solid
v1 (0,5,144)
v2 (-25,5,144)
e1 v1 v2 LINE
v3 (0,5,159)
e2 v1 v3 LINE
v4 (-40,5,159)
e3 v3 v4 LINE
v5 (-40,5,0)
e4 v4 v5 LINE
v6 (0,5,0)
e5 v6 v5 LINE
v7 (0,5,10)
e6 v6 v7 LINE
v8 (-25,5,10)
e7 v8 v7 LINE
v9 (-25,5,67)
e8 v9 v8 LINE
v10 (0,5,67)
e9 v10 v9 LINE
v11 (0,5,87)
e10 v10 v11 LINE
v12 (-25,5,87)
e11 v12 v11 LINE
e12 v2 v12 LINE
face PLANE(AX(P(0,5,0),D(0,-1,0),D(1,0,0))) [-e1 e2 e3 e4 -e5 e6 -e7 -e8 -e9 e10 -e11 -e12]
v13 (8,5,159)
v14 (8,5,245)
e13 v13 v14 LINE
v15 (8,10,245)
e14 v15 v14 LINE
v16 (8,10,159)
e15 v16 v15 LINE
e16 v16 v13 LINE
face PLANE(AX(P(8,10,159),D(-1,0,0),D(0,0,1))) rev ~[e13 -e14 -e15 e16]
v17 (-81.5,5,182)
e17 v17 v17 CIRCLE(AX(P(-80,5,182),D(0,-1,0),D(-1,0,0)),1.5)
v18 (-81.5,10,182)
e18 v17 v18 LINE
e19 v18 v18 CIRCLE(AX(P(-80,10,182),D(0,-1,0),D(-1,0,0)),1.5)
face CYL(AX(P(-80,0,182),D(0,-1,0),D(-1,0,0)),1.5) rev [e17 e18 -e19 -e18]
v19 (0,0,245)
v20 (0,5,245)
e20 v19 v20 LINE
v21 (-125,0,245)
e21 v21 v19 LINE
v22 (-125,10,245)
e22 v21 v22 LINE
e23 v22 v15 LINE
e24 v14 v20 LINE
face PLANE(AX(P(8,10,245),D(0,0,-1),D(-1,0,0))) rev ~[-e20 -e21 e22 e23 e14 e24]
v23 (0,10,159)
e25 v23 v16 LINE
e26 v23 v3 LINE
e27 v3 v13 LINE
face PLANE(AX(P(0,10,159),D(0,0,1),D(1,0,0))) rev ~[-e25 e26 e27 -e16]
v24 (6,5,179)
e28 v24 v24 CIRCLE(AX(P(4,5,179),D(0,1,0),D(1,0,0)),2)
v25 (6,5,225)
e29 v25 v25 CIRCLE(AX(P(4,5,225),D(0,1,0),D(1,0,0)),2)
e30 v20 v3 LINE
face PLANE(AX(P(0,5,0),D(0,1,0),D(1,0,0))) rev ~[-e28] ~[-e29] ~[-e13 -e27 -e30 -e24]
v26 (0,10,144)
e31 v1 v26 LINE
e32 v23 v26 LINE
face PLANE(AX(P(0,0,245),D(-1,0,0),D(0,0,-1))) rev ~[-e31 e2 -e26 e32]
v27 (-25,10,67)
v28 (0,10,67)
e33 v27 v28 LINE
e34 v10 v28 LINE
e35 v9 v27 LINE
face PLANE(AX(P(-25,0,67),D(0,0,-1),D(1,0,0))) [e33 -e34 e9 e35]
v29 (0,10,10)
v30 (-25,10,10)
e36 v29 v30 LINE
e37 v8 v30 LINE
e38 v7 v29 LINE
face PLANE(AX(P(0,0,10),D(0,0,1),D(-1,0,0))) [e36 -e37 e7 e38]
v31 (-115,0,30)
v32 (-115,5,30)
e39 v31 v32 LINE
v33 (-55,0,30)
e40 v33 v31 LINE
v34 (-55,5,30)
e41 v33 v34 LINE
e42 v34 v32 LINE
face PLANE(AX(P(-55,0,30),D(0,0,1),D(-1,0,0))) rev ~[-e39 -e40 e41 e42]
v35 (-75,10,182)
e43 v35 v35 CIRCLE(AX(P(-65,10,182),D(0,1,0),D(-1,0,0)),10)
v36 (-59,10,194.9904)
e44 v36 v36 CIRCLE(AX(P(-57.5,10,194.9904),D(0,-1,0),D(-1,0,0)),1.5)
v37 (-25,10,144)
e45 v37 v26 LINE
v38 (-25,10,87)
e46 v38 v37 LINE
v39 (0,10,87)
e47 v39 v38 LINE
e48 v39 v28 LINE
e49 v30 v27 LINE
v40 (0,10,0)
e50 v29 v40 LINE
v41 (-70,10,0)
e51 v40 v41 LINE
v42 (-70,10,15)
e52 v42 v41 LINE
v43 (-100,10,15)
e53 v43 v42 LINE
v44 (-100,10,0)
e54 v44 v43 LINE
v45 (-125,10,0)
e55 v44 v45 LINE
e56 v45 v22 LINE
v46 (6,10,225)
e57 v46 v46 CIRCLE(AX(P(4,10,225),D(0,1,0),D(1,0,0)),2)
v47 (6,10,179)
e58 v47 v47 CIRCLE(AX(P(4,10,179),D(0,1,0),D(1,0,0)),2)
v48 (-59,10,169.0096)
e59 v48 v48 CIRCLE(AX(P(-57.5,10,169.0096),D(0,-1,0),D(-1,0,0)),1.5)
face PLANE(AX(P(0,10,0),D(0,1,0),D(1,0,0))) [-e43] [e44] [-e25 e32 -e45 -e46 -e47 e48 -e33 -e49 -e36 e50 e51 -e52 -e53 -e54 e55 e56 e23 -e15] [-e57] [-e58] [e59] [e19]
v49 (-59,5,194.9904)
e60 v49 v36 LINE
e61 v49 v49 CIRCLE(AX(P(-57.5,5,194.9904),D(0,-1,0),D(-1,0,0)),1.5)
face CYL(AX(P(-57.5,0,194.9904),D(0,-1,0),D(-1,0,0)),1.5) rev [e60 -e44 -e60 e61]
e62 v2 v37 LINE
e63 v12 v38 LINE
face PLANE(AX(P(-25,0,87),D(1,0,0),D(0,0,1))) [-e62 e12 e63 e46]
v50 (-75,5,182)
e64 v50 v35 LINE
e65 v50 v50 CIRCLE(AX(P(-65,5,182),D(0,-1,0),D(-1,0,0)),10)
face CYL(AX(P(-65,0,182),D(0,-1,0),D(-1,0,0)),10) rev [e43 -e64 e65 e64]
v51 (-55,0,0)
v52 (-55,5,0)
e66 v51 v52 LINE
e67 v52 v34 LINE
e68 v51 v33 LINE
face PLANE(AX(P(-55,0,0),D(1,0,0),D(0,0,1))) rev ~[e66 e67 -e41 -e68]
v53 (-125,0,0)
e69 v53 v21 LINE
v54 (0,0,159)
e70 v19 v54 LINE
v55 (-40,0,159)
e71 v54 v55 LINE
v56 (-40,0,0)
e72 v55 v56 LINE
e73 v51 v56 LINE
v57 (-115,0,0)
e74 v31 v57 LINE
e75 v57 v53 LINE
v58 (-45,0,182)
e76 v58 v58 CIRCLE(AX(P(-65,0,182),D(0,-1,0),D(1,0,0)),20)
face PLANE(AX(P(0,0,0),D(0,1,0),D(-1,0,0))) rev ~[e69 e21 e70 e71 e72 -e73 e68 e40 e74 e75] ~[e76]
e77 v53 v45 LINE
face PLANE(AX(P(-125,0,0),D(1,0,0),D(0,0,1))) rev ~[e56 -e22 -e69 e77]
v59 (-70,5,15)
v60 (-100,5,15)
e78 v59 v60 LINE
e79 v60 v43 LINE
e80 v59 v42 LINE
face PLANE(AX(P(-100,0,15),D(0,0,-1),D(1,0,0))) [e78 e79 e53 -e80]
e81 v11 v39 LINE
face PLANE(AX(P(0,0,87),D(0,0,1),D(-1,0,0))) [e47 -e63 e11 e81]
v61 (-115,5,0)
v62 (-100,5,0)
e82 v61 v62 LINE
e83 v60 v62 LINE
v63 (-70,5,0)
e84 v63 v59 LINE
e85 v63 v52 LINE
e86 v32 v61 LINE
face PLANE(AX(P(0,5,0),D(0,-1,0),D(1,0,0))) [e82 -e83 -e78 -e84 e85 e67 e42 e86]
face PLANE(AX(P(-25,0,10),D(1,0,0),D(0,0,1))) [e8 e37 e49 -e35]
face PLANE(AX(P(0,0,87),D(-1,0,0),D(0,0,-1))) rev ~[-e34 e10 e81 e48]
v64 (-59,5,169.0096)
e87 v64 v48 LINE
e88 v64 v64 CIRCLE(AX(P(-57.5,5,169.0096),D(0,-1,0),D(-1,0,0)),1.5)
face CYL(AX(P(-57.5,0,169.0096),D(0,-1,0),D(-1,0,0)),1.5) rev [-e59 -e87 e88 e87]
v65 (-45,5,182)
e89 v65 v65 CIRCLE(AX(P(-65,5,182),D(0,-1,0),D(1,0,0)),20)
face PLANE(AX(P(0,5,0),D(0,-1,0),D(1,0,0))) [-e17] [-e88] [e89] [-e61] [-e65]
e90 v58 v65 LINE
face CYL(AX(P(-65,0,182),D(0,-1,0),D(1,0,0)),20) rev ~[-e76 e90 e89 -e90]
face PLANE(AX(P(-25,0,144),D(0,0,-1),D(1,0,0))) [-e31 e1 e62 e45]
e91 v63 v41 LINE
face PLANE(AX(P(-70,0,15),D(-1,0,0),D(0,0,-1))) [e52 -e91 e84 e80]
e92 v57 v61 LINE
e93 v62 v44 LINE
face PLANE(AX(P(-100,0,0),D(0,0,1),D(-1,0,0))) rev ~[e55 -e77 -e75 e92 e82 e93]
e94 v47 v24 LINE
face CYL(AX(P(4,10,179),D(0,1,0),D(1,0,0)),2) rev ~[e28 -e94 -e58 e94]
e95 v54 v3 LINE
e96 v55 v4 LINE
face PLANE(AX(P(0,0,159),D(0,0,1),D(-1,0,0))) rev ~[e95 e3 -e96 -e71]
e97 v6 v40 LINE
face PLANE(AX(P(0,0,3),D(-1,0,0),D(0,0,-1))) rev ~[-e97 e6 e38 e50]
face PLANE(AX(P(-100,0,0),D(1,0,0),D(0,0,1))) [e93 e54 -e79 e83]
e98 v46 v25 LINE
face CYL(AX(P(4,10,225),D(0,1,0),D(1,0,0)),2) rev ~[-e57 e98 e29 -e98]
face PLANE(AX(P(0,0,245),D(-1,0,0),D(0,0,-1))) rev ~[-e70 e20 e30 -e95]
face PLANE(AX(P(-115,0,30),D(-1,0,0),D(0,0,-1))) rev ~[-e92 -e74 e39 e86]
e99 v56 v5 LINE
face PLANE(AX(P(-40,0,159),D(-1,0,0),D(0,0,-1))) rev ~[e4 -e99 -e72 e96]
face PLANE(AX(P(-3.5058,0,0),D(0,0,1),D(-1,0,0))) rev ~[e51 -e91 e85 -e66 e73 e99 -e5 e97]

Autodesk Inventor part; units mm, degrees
ref_plane "YZ Plane" through (0, 0, 0) normal (1, 0, 0) x (0, 1, 0)
ref_plane "XZ Plane" through (0, 0, 0) normal (0, 1, 0) x (-1, 0, 0)
ref_plane "XY Plane" through (0, 0, 0) normal (0, 0, 1) x (1, 0, 0)
sketch "草图1" plane through (0, 0, 0) normal (0, 1, 0) x (-1, 0, 0)
  line L0 (125, 245) -> (-125, 245)
  line L1 (-125, 245) -> (-125, -245)
  line L2 (-125, -245) -> (125, -245)
  line L3 (125, -245) -> (125, 245)
  line L4 (0, 3) -> (0, -5)
  line L5 (3.5058, 0) -> (-3.4421, 0)
  circle A0 centre (621.9162, 528.0902) radius 10
  circle A1 centre (621.9162, 543.0902) radius 1.5
  circle A2 centre (634.9065, 520.5902) radius 1.5
  circle A3 centre (608.9258, 520.5902) radius 1.5
  line L6 (25, 144) -> (-32, 144)
  line L7 (-32, 144) -> (-32, 87)
  line L8 (-32, 87) -> (25, 87)
  line L9 (25, 87) -> (25, 144)
  line L10 (25, 67) -> (-32, 67)
  line L11 (-32, 67) -> (-32, 10)
  line L12 (-32, 10) -> (25, 10)
  line L13 (25, 10) -> (25, 67)
  line L14 (25, -10) -> (-32, -10)
  line L15 (-32, -10) -> (-32, -67)
  line L16 (-32, -67) -> (25, -67)
  line L17 (25, -67) -> (25, -10)
  line L18 (25, -87) -> (-32, -87)
  line L19 (-32, -87) -> (-32, -144)
  line L20 (-32, -144) -> (25, -144)
  line L21 (25, -144) -> (25, -87)
  line L22 (-66, 100) -> (-95, 100)
  line L23 (-95, 100) -> (-95, 54)
  line L24 (-95, 54) -> (-66, 54)
  line L25 (-66, 54) -> (-66, 100)
  line L26 (-66, -54) -> (-95, -54)
  line L27 (-95, -54) -> (-95, -100)
  line L28 (-95, -100) -> (-66, -100)
  line L29 (-66, -100) -> (-66, -54)
  line L30 (100, 15) -> (70, 15)
  line L31 (70, 15) -> (70, -15)
  line L32 (70, -15) -> (100, -15)
  line L33 (100, -15) -> (100, 15)
  circle A4 centre (65, 182) radius 10
  circle A5 centre (65, -182) radius 10
  circle A6 centre (65, 182) radius 15
  circle A7 centre (80, 182) radius 1.5
  circle A8 centre (57.5, 194.9904) radius 1.5
  circle A9 centre (57.5, 169.0096) radius 1.5
  line L34 (125, 245) -> (0, 245)
  line L35 (0, 245) -> (0, 0)
  line L36 (0, 0) -> (125, 0)
  line L37 (125, 0) -> (125, 245)
  line L38 (-125, 245) -> (0, 245)
  line L39 (0, 245) -> (0, 0)
  line L40 (0, 0) -> (-125, 0)
  line L41 (-125, 0) -> (-125, 245)
  line L42 (-125, -245) -> (0, -245)
  line L43 (0, -245) -> (0, 0)
  line L44 (0, 0) -> (-125, 0)
  line L45 (-125, 0) -> (-125, -245)
  line L46 (125, -245) -> (0, -245)
  line L47 (0, -245) -> (0, 0)
  line L48 (0, 0) -> (125, 0)
  line L49 (125, 0) -> (125, -245)
  point P0 (0, 87)
  point P1 (0, 67)
  point P2 (0, 10)
  point P3 (70, 0)
  point P4 (100, 0)
  point P5 (0, 144)
  dimension "d31" = 30
  dimension "d0" = 490
  dimension "d1" = 250
  dimension "d2" = 57
  dimension "d3" = 57
  dimension "d4" = 57
  dimension "d5" = 57
  dimension "d6" = 57
  dimension "d7" = 57
  dimension "d8" = 57
  dimension "d9" = 57
  dimension "d10" = 101
  dimension "d11" = 20
  dimension "d12" = 20
  dimension "d13" = 20
  dimension "d14" = 93
  dimension "d15" = 29
  dimension "d16" = 46
  dimension "d17" = 46
  dimension "d18" = 145
  dimension "d19" = 108
  dimension "d20" = 30
  dimension "d21" = 30
  dimension "d22" = 30
  dimension "d23" = 25
  dimension "d24" = 230
  dimension "d25" = 20
  dimension "d26" = 63
  dimension "d27" = 60
  dimension "d28" = 20
  dimension "d29" = 63
  dimension "d30" = 60
  dimension "d33" = 3
  dimension "d36" = 360
extrude "拉伸1" add sketch "草图1" along normal blind 10 contours L3 L36 L33 L30 L31 L5 L4 L35 L12 L13 L10 L8 L9 L6 L0 | A7 A6 A9 A8
sketch "草图2" plane through (0, 0, 0) normal (0, -1, 0) x (1, 0, 0)
  line L0 (-100, 0) -> (-125, 0) projected
  line L1 (-115, 0) -> (-55, 0)
  line L2 (-55, 0) -> (-55, 30)
  line L3 (-55, 30) -> (-115, 30)
  line L4 (-115, 30) -> (-115, 0)
  line L5 (-100, 15) -> (-100, 0) projected
  line L6 (0, 0) -> (-70, 0) projected
  line L7 (0, 245) -> (0, 144) projected
  line L8 (-40, 0) -> (0, 0)
  line L9 (0, 0) -> (0, 159)
  line L10 (0, 159) -> (-40, 159)
  line L11 (-40, 159) -> (-40, 0)
  line L12 (-25, 67) -> (-25, 10) projected
  line L13 (0, 144) -> (-25, 144) projected
  circle A0 centre (-65, 182) radius 10 projected
  circle A1 centre (-65, 182) radius 20
  dimension "d40" = 60
  dimension "d41" = 30
  dimension "d42" = 15
  dimension "d43" = 15
  dimension "d44" = 15
  dimension "d45" = 40
extrude "拉伸2" cut sketch "草图2" against normal blind 5
sketch "草图3" plane through (0, 10, 0) normal (0, 1, 0) x (1, 0, 0)
  line L0 (-40, -159) -> (0, -159) projected
  line L1 (0, -159) -> (8, -159)
  line L2 (8, -159) -> (8, -245)
  line L3 (8, -245) -> (0, -245)
  line L4 (0, -245) -> (0, -159)
  circle A0 centre (4, -225) radius 2
  circle A1 centre (4, -179) radius 2
  point P0 (0, 0)
  dimension "d48" = 4
  dimension "d50" = 4
  dimension "d53" = 20
  dimension "d54" = 4
  dimension "d56" = 4
  dimension "d57" = 8
  dimension "d60" = 20
extrude "拉伸3" add sketch "草图3" against normal blind 5
properties part number "top_1"
